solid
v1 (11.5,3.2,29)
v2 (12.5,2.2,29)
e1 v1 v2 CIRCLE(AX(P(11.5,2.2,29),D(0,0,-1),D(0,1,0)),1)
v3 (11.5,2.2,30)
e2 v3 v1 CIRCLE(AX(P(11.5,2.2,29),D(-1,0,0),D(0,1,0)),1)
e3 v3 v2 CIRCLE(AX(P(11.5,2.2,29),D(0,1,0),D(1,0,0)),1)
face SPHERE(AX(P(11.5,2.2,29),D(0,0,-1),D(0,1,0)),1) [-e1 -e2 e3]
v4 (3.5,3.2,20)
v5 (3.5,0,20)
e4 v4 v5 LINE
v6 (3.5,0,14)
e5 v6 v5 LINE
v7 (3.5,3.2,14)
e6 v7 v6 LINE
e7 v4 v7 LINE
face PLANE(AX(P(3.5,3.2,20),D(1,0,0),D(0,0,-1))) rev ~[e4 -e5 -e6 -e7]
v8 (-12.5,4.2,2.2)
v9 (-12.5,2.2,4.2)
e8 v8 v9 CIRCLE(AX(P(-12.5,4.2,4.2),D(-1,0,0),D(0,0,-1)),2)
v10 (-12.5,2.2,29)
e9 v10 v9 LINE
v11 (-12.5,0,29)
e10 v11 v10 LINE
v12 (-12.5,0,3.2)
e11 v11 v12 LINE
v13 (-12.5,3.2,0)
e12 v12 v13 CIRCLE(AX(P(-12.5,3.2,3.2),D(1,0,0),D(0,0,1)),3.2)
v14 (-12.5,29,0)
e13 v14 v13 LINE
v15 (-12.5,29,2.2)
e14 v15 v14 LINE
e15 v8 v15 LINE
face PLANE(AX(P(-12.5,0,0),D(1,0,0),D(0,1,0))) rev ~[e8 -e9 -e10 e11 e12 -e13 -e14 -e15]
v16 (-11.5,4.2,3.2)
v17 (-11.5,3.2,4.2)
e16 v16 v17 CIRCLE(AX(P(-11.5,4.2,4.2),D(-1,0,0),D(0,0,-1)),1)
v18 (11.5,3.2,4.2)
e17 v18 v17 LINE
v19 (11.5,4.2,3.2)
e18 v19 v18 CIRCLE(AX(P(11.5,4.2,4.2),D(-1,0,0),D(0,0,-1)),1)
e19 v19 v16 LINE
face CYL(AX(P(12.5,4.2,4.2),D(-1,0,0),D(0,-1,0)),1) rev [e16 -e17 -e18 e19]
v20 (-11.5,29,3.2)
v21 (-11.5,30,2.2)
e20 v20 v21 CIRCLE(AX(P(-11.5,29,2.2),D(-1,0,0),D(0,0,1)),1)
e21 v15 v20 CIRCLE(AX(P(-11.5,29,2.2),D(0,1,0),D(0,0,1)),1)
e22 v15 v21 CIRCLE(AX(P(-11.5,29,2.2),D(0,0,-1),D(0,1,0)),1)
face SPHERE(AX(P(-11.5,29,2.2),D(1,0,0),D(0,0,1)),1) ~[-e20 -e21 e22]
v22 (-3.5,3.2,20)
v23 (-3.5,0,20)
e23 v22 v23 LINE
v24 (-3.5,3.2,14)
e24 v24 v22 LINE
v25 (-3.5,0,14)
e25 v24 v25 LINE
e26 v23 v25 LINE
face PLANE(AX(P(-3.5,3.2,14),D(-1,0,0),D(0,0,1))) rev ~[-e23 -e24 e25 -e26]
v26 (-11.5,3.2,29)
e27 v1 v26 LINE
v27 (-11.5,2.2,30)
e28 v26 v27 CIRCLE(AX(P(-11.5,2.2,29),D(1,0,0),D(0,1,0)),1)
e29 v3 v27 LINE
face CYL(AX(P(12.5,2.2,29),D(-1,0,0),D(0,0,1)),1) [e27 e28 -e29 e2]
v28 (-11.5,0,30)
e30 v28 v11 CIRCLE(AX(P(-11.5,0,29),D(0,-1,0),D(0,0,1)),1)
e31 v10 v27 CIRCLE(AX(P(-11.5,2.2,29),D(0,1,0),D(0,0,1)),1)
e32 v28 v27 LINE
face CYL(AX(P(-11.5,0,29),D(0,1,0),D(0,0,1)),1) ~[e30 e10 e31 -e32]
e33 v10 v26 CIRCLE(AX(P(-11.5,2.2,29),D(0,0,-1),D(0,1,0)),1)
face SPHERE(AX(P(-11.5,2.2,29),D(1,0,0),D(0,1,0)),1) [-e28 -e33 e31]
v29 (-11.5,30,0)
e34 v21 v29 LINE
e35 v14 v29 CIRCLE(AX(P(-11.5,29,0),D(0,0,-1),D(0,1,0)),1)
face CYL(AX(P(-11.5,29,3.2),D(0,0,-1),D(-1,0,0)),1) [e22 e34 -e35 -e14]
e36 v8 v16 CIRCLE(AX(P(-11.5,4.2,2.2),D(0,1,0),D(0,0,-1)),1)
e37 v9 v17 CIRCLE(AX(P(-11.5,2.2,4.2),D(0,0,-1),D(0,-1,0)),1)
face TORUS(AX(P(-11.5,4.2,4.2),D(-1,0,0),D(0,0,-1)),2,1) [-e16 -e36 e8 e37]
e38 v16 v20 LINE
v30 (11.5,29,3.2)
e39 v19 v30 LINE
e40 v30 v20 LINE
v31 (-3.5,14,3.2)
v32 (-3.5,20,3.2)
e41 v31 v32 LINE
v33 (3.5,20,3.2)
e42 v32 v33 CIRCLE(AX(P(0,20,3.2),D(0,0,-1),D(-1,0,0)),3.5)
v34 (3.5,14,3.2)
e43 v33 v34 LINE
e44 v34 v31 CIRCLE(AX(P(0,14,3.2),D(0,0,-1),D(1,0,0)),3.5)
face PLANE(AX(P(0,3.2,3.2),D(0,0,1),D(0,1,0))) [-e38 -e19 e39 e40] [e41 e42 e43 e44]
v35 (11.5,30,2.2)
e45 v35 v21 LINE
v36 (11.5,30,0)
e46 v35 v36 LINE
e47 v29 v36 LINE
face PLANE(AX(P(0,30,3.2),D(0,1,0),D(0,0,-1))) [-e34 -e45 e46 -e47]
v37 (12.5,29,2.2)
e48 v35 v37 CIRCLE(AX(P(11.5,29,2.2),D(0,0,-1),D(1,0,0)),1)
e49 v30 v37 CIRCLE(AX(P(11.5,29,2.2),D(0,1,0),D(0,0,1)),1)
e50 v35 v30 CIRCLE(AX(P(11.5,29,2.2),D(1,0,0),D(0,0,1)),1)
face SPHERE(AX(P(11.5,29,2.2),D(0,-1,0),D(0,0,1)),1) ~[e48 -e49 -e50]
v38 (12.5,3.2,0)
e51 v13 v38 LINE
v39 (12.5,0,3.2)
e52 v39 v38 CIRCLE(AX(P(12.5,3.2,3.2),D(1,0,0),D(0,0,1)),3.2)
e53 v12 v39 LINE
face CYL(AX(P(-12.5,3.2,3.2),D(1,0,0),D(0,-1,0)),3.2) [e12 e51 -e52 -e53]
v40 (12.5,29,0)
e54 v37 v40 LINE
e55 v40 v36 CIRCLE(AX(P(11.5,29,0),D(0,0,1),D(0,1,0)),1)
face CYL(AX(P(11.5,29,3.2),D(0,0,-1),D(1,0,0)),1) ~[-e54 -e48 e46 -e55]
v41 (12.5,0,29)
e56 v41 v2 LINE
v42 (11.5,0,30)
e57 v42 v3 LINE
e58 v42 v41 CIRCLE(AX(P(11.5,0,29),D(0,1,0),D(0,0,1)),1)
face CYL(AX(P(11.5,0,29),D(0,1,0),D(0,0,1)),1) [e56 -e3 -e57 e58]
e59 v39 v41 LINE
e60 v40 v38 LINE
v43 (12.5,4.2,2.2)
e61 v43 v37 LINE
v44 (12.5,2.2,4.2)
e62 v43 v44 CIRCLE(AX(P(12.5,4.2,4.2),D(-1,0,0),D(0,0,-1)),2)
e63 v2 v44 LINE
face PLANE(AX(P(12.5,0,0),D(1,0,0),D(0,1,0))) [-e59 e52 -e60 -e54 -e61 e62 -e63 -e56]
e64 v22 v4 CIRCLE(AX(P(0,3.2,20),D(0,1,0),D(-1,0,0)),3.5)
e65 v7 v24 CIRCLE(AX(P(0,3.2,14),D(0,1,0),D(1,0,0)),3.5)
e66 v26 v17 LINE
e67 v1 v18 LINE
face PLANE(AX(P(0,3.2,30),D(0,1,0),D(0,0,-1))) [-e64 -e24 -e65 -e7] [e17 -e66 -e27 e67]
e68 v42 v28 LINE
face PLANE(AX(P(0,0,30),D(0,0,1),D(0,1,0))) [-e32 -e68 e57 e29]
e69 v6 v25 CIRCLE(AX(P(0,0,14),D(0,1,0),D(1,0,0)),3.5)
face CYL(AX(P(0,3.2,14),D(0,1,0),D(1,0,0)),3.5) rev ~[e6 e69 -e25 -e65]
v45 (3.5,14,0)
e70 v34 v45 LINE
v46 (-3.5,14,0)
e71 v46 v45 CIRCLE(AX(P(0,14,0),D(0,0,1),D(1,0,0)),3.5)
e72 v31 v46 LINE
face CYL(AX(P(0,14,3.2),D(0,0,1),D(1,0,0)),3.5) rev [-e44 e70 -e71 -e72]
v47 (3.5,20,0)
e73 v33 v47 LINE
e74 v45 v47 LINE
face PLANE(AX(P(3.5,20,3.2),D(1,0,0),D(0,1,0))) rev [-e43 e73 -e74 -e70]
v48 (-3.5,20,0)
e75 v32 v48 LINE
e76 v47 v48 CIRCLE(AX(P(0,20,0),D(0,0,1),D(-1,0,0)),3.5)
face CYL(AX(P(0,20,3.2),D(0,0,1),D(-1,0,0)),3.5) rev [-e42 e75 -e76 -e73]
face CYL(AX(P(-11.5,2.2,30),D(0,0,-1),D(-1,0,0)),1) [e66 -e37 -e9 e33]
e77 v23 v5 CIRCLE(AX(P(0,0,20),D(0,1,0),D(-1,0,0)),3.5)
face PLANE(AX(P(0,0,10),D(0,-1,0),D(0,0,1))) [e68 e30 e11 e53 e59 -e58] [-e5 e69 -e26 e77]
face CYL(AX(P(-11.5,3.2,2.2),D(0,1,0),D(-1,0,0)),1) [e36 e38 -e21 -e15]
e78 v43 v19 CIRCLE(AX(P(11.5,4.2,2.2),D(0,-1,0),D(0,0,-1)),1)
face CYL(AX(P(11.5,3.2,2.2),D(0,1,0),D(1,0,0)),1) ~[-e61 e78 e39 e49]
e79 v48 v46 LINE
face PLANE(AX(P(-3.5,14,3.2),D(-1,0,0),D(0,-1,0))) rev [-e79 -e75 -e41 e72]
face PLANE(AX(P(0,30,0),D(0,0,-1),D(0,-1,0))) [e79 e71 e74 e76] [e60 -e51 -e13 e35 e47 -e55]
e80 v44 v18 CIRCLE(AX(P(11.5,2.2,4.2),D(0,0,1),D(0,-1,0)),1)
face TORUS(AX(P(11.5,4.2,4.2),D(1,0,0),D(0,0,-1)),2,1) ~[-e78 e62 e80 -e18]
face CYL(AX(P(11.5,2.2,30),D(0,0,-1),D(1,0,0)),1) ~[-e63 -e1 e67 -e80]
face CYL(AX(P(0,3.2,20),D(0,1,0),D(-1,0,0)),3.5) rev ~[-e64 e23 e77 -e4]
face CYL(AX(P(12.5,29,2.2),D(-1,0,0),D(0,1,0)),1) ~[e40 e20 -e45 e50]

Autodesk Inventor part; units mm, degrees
ref_plane "YZ Plane" through (0, 0, 0) normal (1, 0, 0) x (0, 1, 0)
ref_plane "XZ Plane" through (0, 0, 0) normal (0, 1, 0) x (-1, 0, 0)
sketch "스케치1" plane through (0, 0, 0) normal (1, 0, 0) x (0, 1, 0)
  line L0 (0, 10) -> (0, 30)
  line L1 (0, 30) -> (3.2, 30)
  line L2 (3.2, 30) -> (3.2, 3.2)
  line L3 (3.2, 3.2) -> (30, 3.2)
  line L4 (30, 3.2) -> (30, 0)
  line L5 (30, 0) -> (0, 0)
  line L6 (0, 0) -> (0, 10)
  dimension "d2" = 3.2
  dimension "d3" = 26.8
  dimension "d4" = 26.8
  dimension "d5" = 90
  dimension "d6" = 3.2
  dimension "d13" = 90
  dimension "d14" = 10
extrude "돌출1" add sketch "스케치1" along normal mid plane 25
sketch "스케치2" plane through (-12.5, 3.2, 30) normal (0, 1, 0) x (1, 0, 0)
  line L0 (12.5, 10) -> (12.5, 16) construction
  line L1 (16, 10) -> (16, 16)
  line L2 (9, 16) -> (9, 10)
  arc A0 (9, 10) -> (16, 10) centre (12.5, 10) ccw
  arc A1 (16, 16) -> (9, 16) centre (12.5, 16) ccw
  line L3 (0, 0) -> (25, 0) projected
  line L4 (0, 0) -> (0, 26.8) projected
  point P0 (12.5, 30)
  point P1 (12.5, 13)
  point P2 (0, 13.4)
  dimension "d10" = 6
  dimension "d11" = 7
  dimension "d12" = 10
  dimension "d15" = 12.5
extrude "돌출2" cut sketch "스케치2" against normal through all
ref_plane "작업 평면1" through (-12.5, 3.2, 3.2) normal (0, 0.7071, -0.7071) x (-1, 0, 0)
mirror "미러1" about plane through (-12.5, 3.2, 3.2) normal (0, 0.7071, -0.7071) of "돌출2"
fillet "모깎기2" radius 1 11 edges at (12.5, 16.6, 3.2) (0, 30, 3.2) (-12.5, 16.6, 3.2) (12.5, 3.2, 16.6) (0, 3.2, 30) (-12.5, 3.2, 16.6) (0, 3.2, 3.2) (12.5, 30, 1.6) (-12.5, 30, 1.6) (-12.5, 1.6, 30) (12.5, 1.6, 30)
fillet "모깎기3" radius 3.2 1 edges at (0, 0, 0)
properties part number "안쪽브라켓"
